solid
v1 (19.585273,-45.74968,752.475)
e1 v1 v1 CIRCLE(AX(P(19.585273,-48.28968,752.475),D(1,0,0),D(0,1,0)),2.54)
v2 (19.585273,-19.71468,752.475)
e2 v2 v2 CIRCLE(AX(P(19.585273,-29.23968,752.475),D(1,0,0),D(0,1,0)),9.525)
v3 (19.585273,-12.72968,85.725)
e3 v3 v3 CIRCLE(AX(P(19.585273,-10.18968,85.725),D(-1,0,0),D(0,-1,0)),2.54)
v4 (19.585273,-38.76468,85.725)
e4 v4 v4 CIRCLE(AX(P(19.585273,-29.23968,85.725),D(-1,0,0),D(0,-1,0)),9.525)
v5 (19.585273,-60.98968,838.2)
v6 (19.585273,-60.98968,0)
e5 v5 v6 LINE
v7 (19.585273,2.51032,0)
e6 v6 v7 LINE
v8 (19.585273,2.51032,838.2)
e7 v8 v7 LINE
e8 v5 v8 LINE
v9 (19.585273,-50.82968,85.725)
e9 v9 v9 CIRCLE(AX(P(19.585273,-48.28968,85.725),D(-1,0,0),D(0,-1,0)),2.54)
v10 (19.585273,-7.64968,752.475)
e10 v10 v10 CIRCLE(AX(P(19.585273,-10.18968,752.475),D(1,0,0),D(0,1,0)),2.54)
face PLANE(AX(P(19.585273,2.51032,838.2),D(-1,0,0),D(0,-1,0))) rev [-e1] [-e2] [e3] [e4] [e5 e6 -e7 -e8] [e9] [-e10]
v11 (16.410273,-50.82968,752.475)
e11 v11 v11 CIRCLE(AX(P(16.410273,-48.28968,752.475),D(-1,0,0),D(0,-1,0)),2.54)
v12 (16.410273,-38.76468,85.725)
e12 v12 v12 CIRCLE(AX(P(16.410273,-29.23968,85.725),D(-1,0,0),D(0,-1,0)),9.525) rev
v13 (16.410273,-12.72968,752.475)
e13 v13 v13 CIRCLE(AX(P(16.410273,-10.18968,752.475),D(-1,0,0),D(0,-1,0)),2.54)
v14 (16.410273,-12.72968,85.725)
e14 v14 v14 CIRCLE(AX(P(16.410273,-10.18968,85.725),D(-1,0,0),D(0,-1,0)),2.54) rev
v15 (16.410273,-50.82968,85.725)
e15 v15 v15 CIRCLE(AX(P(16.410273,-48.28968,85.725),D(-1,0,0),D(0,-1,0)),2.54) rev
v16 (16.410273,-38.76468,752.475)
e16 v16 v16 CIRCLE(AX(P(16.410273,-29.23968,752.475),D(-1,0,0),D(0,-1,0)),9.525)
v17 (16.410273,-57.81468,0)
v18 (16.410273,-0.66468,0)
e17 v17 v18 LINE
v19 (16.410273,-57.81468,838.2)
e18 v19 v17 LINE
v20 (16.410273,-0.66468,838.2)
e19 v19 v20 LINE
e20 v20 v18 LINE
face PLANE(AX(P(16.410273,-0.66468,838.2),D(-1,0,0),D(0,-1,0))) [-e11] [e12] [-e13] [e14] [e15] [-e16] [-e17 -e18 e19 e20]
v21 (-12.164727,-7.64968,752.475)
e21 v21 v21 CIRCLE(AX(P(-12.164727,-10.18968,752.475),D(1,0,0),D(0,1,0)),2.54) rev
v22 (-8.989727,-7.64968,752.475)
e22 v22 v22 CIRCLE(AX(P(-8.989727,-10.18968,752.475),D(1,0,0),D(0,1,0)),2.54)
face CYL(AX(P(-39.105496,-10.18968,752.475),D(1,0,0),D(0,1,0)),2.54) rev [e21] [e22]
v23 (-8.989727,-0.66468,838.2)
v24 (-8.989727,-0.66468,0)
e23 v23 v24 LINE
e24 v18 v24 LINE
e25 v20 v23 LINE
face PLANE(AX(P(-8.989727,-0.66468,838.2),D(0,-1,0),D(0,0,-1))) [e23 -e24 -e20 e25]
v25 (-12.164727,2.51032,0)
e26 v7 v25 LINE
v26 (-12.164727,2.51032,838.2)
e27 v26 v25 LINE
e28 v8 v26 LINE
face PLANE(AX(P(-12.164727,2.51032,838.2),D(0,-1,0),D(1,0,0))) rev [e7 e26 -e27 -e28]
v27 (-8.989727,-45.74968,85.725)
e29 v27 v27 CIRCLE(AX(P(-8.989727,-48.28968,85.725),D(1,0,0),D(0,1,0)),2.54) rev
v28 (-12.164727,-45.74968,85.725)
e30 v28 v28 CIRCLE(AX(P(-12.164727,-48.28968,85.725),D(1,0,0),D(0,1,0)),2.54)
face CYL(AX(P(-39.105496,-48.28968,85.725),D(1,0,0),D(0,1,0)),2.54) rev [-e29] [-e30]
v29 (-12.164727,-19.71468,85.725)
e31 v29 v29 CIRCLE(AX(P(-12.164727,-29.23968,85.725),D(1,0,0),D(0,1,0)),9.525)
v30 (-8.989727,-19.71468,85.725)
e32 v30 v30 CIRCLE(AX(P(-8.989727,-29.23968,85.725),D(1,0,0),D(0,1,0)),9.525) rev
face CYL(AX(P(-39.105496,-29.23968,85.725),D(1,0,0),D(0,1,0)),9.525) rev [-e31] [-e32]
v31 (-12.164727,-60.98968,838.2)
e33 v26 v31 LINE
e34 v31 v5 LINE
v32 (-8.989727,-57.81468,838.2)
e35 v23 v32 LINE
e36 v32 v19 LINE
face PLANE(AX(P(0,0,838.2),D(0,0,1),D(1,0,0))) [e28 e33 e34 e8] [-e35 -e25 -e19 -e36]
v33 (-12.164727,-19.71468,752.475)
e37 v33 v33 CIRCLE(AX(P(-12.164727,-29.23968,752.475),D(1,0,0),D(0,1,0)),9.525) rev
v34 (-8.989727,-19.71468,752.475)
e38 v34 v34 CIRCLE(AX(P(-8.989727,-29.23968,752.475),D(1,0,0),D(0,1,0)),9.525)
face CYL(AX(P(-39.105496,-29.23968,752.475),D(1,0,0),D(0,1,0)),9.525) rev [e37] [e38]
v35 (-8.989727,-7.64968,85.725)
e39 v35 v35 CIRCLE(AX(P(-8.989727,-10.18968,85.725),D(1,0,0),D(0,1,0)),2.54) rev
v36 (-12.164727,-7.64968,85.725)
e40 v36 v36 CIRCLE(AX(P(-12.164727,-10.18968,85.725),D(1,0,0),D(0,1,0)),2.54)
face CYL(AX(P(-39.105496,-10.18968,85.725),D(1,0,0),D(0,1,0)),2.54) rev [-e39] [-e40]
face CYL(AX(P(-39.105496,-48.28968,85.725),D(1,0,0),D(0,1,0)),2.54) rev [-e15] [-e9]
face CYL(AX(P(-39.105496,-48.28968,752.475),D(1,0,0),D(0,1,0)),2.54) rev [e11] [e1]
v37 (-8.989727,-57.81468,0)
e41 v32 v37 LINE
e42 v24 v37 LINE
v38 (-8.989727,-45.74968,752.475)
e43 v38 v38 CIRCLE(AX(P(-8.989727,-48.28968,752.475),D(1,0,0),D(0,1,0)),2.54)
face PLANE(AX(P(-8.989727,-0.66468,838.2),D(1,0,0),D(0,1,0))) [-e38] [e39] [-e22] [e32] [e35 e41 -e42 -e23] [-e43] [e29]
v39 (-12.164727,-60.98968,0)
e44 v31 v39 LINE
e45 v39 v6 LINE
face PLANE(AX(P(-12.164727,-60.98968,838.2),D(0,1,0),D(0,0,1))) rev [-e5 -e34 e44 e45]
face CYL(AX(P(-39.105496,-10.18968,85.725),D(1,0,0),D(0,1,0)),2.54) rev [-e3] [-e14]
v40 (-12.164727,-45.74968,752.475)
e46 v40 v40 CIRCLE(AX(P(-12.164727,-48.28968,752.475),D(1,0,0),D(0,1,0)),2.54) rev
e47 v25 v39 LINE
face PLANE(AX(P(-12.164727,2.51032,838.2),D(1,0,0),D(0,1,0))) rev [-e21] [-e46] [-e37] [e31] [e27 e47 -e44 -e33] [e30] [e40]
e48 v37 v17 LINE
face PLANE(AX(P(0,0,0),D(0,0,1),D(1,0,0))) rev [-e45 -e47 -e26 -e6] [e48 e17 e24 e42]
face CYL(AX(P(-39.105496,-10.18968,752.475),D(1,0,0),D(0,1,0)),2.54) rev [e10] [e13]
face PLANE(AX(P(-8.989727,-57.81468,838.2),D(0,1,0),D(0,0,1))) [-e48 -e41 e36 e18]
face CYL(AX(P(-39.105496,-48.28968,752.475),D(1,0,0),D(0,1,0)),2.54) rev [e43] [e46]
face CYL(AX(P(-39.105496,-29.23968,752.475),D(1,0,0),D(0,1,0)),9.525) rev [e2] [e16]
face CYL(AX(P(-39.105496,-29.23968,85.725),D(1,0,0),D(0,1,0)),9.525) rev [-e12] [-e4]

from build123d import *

# Parameters (mm, degrees)
SKETCH1_W           = 31.75
SKETCH1_H           = 63.5
SKETCH1_W_2         = 25.4
SKETCH1_H_2         = 57.15
BOSS_EXTRUDE1_DEPTH = 838.2
CUT_EXTRUDE1_REACH  = 843.015
SKETCH2_R           = 9.525
SKETCH2_R_2         = 2.54


with BuildPart() as part:
    # Sketch1 → Boss-Extrude1 (new body)
    with BuildSketch(Plane.XY):
        with Locations((3.710272719, -29.23968021)):
            Rectangle(SKETCH1_W, SKETCH1_H)
        with Locations((3.710272719, -29.23968021)):
            Rectangle(SKETCH1_W_2, SKETCH1_H_2, mode=Mode.SUBTRACT)
    extrude(amount=BOSS_EXTRUDE1_DEPTH)

    # Cut-Extrude1: up to this face of the body (flat: up to its plane)
    cut_extrude1_end = Plane(part.part.faces().sort_by_distance((-12.164727281, -29.23968021, 419.1))[0])
    # Sketch2 → Cut-Extrude1 (cut, up to the picked face)
    with BuildSketch(Plane(origin=(19.585272719, 0, 0), x_dir=(0, 0, -1), z_dir=(1, 0, 0)), mode=Mode.PRIVATE) as cut_extrude1_sk1:
        with Locations(Location((-752.475, -29.23968021, 0), (0, 0, 90))):
            Circle(SKETCH2_R)
    cut_extrude1_tool1 = split(extrude(cut_extrude1_sk1.sketch, amount=-CUT_EXTRUDE1_REACH, mode=Mode.PRIVATE), bisect_by=cut_extrude1_end, keep=Keep.BOTH, mode=Mode.PRIVATE)
    # Sketch2 → Cut-Extrude1 (cut, up to the picked face)
    with BuildSketch(Plane(origin=(19.585272719, 0, 0), x_dir=(0, 0, -1), z_dir=(1, 0, 0)), mode=Mode.PRIVATE) as cut_extrude1_sk2:
        with Locations(Location((-752.475, -48.28968021, 0), (0, 0, 90))):
            Circle(SKETCH2_R_2)
    cut_extrude1_tool2 = split(extrude(cut_extrude1_sk2.sketch, amount=-CUT_EXTRUDE1_REACH, mode=Mode.PRIVATE), bisect_by=cut_extrude1_end, keep=Keep.BOTH, mode=Mode.PRIVATE)
    # Sketch2 → Cut-Extrude1 (cut, up to the picked face)
    with BuildSketch(Plane(origin=(19.585272719, 0, 0), x_dir=(0, 0, -1), z_dir=(1, 0, 0)), mode=Mode.PRIVATE) as cut_extrude1_sk3:
        with Locations(Location((-752.475, -10.18968021, 0), (0, 0, 90))):
            Circle(SKETCH2_R_2)
    cut_extrude1_tool3 = split(extrude(cut_extrude1_sk3.sketch, amount=-CUT_EXTRUDE1_REACH, mode=Mode.PRIVATE), bisect_by=cut_extrude1_end, keep=Keep.BOTH, mode=Mode.PRIVATE)
    # Sketch2 → Cut-Extrude1 (cut, up to the picked face)
    with BuildSketch(Plane(origin=(19.585272719, 0, 0), x_dir=(0, 0, -1), z_dir=(1, 0, 0)), mode=Mode.PRIVATE) as cut_extrude1_sk4:
        with Locations(Location((-85.725, -48.28968021, 0), (0, 0, 270))):
            Circle(SKETCH2_R_2)
    cut_extrude1_tool4 = split(extrude(cut_extrude1_sk4.sketch, amount=-CUT_EXTRUDE1_REACH, mode=Mode.PRIVATE), bisect_by=cut_extrude1_end, keep=Keep.BOTH, mode=Mode.PRIVATE)
    # Sketch2 → Cut-Extrude1 (cut, up to the picked face)
    with BuildSketch(Plane(origin=(19.585272719, 0, 0), x_dir=(0, 0, -1), z_dir=(1, 0, 0)), mode=Mode.PRIVATE) as cut_extrude1_sk5:
        with Locations(Location((-85.725, -29.23968021, 0), (0, 0, 270))):
            Circle(SKETCH2_R)
    cut_extrude1_tool5 = split(extrude(cut_extrude1_sk5.sketch, amount=-CUT_EXTRUDE1_REACH, mode=Mode.PRIVATE), bisect_by=cut_extrude1_end, keep=Keep.BOTH, mode=Mode.PRIVATE)
    # Sketch2 → Cut-Extrude1 (cut, up to the picked face)
    with BuildSketch(Plane(origin=(19.585272719, 0, 0), x_dir=(0, 0, -1), z_dir=(1, 0, 0)), mode=Mode.PRIVATE) as cut_extrude1_sk6:
        with Locations(Location((-85.725, -10.18968021, 0), (0, 0, 270))):
            Circle(SKETCH2_R_2)
    cut_extrude1_tool6 = split(extrude(cut_extrude1_sk6.sketch, amount=-CUT_EXTRUDE1_REACH, mode=Mode.PRIVATE), bisect_by=cut_extrude1_end, keep=Keep.BOTH, mode=Mode.PRIVATE)
    add(cut_extrude1_tool1.solids().sort_by(Axis((19.585273, -29.23968, 752.475), (-1, 0, 0)))[0], mode=Mode.SUBTRACT)
    add(cut_extrude1_tool2.solids().sort_by(Axis((19.585273, -48.28968, 752.475), (-1, 0, 0)))[0], mode=Mode.SUBTRACT)
    add(cut_extrude1_tool3.solids().sort_by(Axis((19.585273, -10.18968, 752.475), (-1, 0, 0)))[0], mode=Mode.SUBTRACT)
    add(cut_extrude1_tool4.solids().sort_by(Axis((19.585273, -48.28968, 85.725), (-1, 0, 0)))[0], mode=Mode.SUBTRACT)
    add(cut_extrude1_tool5.solids().sort_by(Axis((19.585273, -29.23968, 85.725), (-1, 0, 0)))[0], mode=Mode.SUBTRACT)
    add(cut_extrude1_tool6.solids().sort_by(Axis((19.585273, -10.18968, 85.725), (-1, 0, 0)))[0], mode=Mode.SUBTRACT)


solid = part.part
